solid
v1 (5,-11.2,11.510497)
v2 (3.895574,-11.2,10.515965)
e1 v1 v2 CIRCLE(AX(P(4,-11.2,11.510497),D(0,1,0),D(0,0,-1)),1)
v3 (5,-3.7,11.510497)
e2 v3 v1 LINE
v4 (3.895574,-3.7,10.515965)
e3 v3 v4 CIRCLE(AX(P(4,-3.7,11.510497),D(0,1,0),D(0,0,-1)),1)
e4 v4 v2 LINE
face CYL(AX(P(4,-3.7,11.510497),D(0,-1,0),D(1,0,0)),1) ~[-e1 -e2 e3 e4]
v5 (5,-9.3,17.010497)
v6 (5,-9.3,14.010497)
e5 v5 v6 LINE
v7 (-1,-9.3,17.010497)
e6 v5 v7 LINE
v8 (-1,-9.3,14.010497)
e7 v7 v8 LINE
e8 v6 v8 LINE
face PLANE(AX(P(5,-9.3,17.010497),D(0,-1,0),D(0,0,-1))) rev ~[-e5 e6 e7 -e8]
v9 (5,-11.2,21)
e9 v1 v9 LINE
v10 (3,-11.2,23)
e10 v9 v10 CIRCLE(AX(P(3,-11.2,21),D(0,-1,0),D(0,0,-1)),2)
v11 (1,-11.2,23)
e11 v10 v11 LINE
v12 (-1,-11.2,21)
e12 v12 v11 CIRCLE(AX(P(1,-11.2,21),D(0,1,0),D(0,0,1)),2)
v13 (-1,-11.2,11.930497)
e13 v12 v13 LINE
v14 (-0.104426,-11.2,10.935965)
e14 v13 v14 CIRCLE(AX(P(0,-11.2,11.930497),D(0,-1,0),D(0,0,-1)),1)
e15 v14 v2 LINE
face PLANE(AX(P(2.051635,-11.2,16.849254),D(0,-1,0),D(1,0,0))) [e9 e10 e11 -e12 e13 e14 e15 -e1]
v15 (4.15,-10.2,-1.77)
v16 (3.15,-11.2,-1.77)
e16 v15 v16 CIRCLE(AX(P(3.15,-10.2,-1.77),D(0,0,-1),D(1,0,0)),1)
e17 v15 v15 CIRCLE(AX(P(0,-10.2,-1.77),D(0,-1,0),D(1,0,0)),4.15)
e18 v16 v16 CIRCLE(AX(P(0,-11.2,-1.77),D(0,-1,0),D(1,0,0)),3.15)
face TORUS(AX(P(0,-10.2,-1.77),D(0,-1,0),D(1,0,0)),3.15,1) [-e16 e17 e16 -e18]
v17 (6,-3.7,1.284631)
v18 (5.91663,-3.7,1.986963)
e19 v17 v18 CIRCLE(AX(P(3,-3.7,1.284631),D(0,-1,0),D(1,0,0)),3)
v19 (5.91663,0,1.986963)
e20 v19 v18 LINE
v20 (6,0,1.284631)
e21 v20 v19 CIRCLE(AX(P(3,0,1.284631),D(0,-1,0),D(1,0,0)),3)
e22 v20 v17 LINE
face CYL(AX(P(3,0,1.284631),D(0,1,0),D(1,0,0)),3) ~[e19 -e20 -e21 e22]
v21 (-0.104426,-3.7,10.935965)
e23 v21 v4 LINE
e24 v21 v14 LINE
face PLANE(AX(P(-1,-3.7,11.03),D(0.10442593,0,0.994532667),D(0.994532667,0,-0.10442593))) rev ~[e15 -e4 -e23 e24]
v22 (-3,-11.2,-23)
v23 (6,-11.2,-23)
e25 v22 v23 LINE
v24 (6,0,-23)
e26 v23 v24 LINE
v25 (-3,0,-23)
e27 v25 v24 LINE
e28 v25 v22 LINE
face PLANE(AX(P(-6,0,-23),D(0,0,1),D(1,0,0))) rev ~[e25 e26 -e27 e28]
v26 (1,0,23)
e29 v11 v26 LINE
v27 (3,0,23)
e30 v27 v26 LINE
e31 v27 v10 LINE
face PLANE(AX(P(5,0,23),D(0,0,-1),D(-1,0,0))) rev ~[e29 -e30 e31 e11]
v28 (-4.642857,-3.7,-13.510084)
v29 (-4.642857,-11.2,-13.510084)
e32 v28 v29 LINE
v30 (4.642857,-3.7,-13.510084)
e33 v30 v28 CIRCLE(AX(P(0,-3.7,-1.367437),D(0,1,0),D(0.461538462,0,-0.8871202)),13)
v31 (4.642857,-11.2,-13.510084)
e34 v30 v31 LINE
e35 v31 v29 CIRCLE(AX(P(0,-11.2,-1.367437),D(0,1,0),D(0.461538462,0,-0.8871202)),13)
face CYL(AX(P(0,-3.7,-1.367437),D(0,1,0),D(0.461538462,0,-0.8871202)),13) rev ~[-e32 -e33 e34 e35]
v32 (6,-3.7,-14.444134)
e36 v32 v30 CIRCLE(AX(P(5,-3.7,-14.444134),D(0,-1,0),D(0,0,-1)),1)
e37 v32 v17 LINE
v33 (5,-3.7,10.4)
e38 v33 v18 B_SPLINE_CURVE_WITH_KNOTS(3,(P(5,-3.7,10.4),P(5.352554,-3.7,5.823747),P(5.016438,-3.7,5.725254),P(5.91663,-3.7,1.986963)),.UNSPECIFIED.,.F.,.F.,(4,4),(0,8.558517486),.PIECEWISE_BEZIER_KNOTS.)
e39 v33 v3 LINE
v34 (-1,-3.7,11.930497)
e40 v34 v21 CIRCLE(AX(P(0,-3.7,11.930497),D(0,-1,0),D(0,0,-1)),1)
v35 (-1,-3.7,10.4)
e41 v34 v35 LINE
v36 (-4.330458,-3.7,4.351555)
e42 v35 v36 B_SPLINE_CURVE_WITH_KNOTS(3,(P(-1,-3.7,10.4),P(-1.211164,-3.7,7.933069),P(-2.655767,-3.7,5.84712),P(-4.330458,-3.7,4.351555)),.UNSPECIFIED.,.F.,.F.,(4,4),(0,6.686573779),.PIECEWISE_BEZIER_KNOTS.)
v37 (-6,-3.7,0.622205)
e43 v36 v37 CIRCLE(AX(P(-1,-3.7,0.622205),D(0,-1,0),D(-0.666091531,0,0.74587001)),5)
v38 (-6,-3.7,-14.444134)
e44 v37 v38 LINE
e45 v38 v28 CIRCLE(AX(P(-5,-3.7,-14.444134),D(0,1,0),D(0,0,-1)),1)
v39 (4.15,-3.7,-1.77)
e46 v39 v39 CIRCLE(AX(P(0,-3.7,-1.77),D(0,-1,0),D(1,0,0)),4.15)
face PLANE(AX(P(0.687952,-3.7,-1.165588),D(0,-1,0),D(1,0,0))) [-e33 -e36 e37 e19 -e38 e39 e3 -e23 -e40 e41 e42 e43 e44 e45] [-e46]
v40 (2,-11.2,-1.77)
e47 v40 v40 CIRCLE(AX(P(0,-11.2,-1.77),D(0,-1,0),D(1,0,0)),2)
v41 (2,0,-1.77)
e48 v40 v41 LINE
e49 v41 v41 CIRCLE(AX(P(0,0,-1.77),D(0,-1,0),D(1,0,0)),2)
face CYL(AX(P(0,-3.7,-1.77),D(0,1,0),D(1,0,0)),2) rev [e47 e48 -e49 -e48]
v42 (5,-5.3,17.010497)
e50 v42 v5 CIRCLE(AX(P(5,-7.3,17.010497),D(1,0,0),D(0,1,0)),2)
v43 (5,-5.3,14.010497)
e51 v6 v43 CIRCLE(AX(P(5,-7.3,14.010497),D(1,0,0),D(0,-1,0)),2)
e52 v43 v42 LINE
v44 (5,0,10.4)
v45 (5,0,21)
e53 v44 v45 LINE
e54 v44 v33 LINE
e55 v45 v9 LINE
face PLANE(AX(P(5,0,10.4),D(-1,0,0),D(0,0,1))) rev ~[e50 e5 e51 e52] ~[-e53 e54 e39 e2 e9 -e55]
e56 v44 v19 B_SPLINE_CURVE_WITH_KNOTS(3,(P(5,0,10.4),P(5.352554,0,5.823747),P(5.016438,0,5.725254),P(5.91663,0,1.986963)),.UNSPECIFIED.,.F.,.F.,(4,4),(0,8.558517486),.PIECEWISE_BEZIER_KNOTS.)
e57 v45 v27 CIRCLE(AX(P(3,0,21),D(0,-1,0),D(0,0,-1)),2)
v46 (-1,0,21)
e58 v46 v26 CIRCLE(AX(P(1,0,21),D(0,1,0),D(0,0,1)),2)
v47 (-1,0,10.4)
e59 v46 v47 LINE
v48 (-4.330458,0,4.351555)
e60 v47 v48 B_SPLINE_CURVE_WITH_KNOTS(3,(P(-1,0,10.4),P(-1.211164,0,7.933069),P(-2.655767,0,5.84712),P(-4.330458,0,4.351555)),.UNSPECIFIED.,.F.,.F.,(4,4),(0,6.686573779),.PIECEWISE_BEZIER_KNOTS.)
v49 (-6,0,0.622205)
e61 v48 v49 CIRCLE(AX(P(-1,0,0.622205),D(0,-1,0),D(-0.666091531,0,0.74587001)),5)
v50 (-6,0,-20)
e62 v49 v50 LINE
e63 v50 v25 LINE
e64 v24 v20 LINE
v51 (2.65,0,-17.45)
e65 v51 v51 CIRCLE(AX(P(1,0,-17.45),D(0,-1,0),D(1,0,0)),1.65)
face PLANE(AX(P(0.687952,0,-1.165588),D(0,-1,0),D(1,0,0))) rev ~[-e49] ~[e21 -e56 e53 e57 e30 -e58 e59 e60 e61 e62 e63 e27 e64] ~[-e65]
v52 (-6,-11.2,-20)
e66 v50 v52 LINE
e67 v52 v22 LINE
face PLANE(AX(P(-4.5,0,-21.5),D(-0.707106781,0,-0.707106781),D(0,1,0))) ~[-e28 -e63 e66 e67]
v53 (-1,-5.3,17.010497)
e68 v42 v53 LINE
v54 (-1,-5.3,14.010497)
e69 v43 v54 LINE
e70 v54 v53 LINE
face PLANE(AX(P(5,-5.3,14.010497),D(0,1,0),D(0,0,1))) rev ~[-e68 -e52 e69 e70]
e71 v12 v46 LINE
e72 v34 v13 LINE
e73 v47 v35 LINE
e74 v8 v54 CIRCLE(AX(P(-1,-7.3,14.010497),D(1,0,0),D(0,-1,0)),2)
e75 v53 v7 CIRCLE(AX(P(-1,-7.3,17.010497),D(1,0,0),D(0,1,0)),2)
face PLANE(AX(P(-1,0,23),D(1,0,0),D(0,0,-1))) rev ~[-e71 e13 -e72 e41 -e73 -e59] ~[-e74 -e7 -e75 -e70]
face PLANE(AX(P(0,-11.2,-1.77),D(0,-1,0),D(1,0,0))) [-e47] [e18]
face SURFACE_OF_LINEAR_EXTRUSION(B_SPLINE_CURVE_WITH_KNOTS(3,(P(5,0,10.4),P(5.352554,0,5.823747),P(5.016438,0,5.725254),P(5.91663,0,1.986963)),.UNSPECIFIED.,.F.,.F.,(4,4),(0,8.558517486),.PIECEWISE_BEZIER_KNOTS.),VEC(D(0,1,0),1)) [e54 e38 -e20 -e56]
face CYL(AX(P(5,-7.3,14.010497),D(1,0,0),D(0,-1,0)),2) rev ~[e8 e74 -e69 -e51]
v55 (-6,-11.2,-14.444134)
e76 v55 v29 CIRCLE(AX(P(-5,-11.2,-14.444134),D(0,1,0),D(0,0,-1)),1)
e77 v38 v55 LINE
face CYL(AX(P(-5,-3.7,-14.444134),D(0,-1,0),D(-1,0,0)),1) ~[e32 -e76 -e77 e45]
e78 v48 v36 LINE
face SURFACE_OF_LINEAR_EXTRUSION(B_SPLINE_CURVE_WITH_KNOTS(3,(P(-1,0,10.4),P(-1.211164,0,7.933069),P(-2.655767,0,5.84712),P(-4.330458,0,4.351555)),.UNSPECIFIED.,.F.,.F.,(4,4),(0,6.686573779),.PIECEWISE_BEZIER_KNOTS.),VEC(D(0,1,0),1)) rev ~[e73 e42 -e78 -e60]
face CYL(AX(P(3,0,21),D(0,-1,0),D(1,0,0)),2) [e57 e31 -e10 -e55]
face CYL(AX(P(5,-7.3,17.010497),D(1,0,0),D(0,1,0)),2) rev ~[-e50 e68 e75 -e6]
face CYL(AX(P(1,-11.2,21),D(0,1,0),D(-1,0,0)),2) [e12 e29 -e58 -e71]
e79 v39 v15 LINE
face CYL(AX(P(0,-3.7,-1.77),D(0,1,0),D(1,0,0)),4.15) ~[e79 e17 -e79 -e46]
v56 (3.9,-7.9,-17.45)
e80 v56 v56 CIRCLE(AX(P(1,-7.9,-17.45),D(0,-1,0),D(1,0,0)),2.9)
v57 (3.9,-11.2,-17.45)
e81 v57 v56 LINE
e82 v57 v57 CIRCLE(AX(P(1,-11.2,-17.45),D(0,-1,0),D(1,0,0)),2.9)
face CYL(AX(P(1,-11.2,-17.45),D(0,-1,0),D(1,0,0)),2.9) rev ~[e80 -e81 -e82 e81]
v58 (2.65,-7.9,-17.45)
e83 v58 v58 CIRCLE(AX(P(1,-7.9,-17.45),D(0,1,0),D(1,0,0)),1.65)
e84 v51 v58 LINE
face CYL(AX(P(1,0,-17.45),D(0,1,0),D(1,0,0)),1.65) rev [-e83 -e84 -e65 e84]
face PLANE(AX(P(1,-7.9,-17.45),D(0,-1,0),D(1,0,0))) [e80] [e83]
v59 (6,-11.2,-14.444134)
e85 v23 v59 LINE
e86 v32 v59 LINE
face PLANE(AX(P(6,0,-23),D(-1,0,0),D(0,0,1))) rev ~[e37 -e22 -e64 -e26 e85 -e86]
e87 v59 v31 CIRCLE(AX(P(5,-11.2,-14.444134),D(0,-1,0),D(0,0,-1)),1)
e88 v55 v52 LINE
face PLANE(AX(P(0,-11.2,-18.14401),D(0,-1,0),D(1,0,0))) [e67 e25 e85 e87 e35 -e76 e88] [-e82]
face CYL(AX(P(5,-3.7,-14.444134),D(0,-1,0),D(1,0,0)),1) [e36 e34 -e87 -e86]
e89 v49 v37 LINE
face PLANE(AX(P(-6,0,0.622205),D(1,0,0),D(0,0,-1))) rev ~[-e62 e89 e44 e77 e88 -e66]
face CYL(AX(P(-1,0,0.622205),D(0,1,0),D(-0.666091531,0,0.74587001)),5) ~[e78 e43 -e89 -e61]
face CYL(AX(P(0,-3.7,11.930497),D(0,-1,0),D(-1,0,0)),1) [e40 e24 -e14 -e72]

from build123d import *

# Parameters (mm, degrees)
F0_R      = 1.65
F0_R_2    = 2
F1_DEPTH  = 3.7
F2_R      = 4.15
F2_R_2    = 2
F2_R_3    = 1.65
F3_DEPTH  = 7.5
F4_R      = 2
F5_R      = 1
F6_R      = 2.9
F7_DEPTH  = 3.3
F8_R      = 1
F10_DEPTH = 11.0010001
F11_SIZE  = 3


with BuildPart() as f1:
    # F0 (on Front) → F1 (new body)
    with BuildSketch(Plane.XZ):
        with BuildLine():
            Line((5, 23), (-1, 23))
            Line((-1, 23), (-1, 10.4))
            add(Edge.make_bspline(
                [(-1, 10.4), (-1.2111639775, 7.9330686148), (-2.6557673414, 5.8471197981), (-4.3304576575, 4.3515548571)],
                knots=[0, 0, 0, 0, 6.6865737794, 6.6865737794, 6.6865737794, 6.6865737794], degree=3))
            ThreePointArc((-4.3304576575, 4.3515548571), (-5.5635670417, 2.6652064856), (-6, 0.6222048076))
            Line((-6, 0.6222048076), (-6, -23))
            Line((-6, -23), (6, -23))
            Line((6, -23), (6, 1.2846305262))
            ThreePointArc((6, 1.2846305262), (5.9790845004, 1.6382624525), (5.9166296405, 1.9869634531))
            add(Edge.make_bspline(
                [(5, 10.4), (5.3525537919, 5.8237470378), (5.0164384354, 5.7252537292), (5.9166296405, 1.9869634531)],
                knots=[0, 0, 0, 0, 8.5585174857, 8.5585174857, 8.5585174857, 8.5585174857], degree=3))
            Line((5, 10.4), (5, 23))
        make_face()
        with Locations((1, -17.45)):
            Circle(F0_R, mode=Mode.SUBTRACT)
        with Locations((0, -1.77)):
            Circle(F0_R_2, mode=Mode.SUBTRACT)
    extrude(amount=F1_DEPTH)

    # F2 (on face) → F3 (join)
    with BuildSketch(Plane.XZ.offset(3.7)):
        with Locations((0, -1.77)):
            Circle(F2_R)
        with Locations((0, -1.77)):
            Circle(F2_R_2, mode=Mode.SUBTRACT)
        with BuildLine():
            Line((-6, -12.9), (-6, -23))
            Line((-6, -23), (6, -23))
            Line((6, -23), (6, -12.9))
            ThreePointArc((6, -12.9), (0, -14.3674374053), (-6, -12.9))
        make_face()
        with Locations((1, -17.45)):
            Circle(F2_R_3, mode=Mode.SUBTRACT)
        Polygon((5, 23), (-1, 23), (-1, 11.03), (5, 10.4), (5, 10.44), align=None)
    extrude(amount=F3_DEPTH)

    # F4
    f4_edges = [f1.edges().sort_by_distance(p)[0] for p in [
        (5, -5.6, 23),
        (-1, -5.6, 23),
    ]]
    fillet(f4_edges, radius=F4_R)

    # F5
    f5_edges = [f1.edges().sort_by_distance(p)[0] for p in [
        (-1, -7.45, 11.03),
        (5, -7.45, 10.4),
        (6, -7.45, -12.9),
        (-6, -7.45, -12.9),
    ]]
    fillet(f5_edges, radius=F5_R)

    # F6 (on face) → F7 (cut)
    with BuildSketch(Plane.XZ.offset(11.2)):
        with Locations((1, -17.45)):
            Circle(F6_R)
    extrude(amount=-F7_DEPTH, mode=Mode.SUBTRACT)

    # F8
    f8_edges = [f1.edges().sort_by_distance(p)[0] for p in [
        (-4.15, -11.2, -1.77),
    ]]
    fillet(f8_edges, radius=F8_R)

    # F9 (on face) → F10 (cut, through all)
    with BuildSketch(Plane.YZ.offset(5)):
        with BuildLine():
            Line((-5.3, 14.0104973894), (-5.3, 17.0104973894))
            ThreePointArc((-5.3, 17.0104973894), (-7.3, 19.0104973894), (-9.3, 17.0104973894))
            Line((-9.3, 17.0104973894), (-9.3, 14.0104973894))
            ThreePointArc((-9.3, 14.0104973894), (-7.3, 12.0104973894), (-5.3, 14.0104973894))
        make_face()
    extrude(amount=-F10_DEPTH, mode=Mode.SUBTRACT)

    # F11
    f11_edges = [f1.edges().sort_by_distance(p)[0] for p in [
        (-6, -5.6, -23),
    ]]
    chamfer(f11_edges, length=F11_SIZE)


solid = f1.part
